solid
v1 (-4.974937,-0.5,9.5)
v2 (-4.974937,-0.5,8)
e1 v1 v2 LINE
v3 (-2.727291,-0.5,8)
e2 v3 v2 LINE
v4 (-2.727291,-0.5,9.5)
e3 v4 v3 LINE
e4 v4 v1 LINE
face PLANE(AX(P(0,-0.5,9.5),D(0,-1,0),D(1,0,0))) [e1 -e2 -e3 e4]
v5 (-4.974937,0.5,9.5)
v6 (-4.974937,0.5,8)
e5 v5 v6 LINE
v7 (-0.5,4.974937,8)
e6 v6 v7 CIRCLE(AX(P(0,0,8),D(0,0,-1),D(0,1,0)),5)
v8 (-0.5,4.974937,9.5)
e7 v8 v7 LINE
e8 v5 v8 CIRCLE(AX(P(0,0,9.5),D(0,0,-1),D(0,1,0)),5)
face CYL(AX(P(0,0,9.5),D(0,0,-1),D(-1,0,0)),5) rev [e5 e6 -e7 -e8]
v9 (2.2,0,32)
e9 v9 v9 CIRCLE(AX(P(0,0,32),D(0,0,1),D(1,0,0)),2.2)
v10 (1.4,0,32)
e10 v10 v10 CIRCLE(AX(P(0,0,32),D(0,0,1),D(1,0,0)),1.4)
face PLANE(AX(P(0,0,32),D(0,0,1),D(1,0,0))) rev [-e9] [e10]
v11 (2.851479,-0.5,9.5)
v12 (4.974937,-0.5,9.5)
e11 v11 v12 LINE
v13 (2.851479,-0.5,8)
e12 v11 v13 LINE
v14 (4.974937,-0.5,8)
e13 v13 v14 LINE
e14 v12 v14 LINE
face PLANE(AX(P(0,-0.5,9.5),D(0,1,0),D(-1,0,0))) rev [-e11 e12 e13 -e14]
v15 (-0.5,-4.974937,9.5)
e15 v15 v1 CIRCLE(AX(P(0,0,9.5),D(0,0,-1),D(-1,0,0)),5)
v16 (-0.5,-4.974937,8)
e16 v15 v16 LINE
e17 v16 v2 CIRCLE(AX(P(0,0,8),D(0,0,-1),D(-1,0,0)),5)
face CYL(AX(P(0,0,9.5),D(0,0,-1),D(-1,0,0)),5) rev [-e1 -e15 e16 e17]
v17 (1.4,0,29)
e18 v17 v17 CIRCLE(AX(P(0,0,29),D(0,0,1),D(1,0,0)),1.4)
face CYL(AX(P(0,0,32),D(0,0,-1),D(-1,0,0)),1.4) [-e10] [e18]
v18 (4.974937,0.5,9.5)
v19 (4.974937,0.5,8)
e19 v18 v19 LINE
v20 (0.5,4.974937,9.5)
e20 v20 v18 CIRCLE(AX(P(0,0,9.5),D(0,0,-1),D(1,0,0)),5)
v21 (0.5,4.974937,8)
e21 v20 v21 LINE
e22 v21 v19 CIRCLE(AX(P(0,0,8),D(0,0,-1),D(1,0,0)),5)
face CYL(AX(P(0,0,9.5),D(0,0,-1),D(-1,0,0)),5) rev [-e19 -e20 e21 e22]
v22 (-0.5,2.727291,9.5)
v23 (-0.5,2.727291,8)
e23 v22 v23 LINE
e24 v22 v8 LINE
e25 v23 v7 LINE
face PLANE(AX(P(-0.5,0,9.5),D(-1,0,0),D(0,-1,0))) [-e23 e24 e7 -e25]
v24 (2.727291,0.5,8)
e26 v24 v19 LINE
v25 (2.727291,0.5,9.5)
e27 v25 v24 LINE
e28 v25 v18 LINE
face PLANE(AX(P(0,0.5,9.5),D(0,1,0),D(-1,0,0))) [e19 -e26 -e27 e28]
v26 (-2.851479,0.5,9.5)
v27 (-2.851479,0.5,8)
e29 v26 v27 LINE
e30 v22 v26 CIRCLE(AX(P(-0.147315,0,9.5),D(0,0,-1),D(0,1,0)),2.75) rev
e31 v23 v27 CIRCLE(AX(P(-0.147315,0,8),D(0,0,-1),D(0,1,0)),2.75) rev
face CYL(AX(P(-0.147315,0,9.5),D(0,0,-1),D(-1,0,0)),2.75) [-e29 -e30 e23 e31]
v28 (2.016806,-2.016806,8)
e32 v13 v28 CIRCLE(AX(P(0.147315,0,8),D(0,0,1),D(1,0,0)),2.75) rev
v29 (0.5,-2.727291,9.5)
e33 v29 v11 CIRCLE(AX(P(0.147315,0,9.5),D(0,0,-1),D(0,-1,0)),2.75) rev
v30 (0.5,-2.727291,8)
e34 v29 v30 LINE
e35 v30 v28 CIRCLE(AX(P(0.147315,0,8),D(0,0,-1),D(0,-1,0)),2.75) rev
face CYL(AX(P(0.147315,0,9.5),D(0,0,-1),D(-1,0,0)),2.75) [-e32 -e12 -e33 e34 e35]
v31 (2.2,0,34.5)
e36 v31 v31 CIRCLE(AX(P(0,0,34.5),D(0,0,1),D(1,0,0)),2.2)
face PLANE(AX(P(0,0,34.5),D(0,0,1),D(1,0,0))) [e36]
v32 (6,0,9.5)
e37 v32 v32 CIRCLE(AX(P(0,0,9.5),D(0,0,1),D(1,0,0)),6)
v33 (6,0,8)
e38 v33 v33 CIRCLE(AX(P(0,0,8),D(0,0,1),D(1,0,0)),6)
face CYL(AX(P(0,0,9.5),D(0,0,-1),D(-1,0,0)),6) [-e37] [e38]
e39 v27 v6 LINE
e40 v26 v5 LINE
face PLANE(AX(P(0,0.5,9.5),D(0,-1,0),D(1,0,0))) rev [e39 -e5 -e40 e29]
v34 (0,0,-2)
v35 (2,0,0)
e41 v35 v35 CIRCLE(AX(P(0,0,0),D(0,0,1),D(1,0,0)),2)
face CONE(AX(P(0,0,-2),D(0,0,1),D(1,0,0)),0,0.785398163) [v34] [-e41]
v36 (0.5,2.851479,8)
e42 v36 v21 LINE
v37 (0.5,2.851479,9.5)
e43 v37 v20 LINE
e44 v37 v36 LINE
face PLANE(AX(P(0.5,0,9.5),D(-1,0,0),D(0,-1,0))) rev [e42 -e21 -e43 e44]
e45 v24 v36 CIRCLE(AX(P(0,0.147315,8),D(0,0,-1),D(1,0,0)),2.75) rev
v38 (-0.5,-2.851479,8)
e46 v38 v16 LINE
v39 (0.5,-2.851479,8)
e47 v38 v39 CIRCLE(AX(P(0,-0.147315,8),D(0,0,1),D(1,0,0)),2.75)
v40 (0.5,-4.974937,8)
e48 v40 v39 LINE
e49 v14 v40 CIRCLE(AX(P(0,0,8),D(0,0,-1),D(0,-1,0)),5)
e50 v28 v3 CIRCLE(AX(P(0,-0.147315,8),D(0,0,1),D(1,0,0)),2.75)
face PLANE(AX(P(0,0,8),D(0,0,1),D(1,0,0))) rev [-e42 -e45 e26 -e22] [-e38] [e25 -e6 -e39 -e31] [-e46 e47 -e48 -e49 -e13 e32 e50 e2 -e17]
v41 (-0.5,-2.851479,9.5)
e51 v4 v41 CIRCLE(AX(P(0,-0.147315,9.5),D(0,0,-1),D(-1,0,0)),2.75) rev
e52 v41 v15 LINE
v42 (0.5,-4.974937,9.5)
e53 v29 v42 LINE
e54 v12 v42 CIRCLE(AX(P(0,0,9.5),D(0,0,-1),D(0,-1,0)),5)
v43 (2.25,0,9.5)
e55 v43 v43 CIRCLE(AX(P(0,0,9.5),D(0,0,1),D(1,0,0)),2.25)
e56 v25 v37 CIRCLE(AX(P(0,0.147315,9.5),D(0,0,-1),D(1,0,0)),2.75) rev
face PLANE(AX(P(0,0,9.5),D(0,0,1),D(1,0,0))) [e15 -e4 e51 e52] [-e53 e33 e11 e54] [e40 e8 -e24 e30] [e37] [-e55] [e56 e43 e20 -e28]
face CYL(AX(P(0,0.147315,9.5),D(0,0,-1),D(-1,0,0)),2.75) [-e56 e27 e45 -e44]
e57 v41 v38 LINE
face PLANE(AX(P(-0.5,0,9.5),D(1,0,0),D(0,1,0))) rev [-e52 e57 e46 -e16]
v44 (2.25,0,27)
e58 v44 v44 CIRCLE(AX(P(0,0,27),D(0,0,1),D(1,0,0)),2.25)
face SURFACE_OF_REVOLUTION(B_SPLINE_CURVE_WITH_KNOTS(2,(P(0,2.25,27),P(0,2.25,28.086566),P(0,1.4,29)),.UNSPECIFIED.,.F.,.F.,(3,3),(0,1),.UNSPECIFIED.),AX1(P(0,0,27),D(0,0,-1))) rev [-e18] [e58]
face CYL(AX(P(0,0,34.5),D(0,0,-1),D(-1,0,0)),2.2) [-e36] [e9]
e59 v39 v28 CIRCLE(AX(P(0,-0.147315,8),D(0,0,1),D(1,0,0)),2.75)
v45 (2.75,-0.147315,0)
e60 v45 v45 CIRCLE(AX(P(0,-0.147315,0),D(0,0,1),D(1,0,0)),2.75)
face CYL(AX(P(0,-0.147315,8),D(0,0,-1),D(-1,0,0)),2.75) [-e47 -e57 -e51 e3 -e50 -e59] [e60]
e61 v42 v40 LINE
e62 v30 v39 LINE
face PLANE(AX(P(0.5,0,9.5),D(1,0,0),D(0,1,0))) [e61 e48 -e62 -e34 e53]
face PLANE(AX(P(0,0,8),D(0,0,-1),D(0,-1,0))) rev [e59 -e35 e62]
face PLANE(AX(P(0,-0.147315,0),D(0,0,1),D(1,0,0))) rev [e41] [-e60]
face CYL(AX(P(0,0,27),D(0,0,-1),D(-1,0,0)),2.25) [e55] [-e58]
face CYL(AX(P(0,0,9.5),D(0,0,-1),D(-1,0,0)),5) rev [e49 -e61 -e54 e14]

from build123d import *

# Parameters (mm, degrees)
SKETCH1_R           = 2.75
BOSS_EXTRUDE1_DEPTH = 8
SKETCH5_R           = 2.25
BOSS_EXTRUDE2_DEPTH = 19
SKETCH6_R           = 6
BOSS_EXTRUDE4_DEPTH = 1.5
CUT_EXTRUDE1_DEPTH  = 1.5
CIRPATTERN1_COUNT   = 4
SKETCH11_R          = 1.4
BOSS_EXTRUDE5_DEPTH = 3
SKETCH12_R          = 2.2
BOSS_EXTRUDE6_DEPTH = 2.5


with BuildPart() as part:
    # Sketch1 → Boss-Extrude1 (new body)
    with BuildSketch(Plane.XY):
        with Locations((0, -0.147315355)):
            Circle(SKETCH1_R)
    extrude(amount=BOSS_EXTRUDE1_DEPTH)

    # Sketch4 → Revolve2 (revolve)
    with BuildSketch(Plane(origin=(0, 0, 0), x_dir=(1, 0, 0), z_dir=(0, 1, 0))):
        Polygon((0, 0), (0, 2), (-2, 0), align=None)
    revolve(axis=Axis((0, 0, 0), (0, 0, -1)))

    # Sketch5 → Boss-Extrude2 (add)
    with BuildSketch(Plane.XY.offset(8)):
        Circle(SKETCH5_R)
    extrude(amount=BOSS_EXTRUDE2_DEPTH)

    # Sketch6 → Boss-Extrude4 (add)
    with BuildSketch(Plane.XY.offset(8)):
        Circle(SKETCH6_R)
    extrude(amount=BOSS_EXTRUDE4_DEPTH)

    # Sketch7 → Cut-Extrude1 (cut)
    with BuildSketch(Plane(origin=(0, 0, 8), x_dir=(-1, 0, 0), z_dir=(0, 0, -1))):
        with BuildLine():
            ThreePointArc((0.5, -4.974937186), (3.535533906, -3.535533906), (4.974937186, -0.5))
            Line((4.974937186, -0.5), (2.727290513, -0.5))
            ThreePointArc((2.727290513, -0.5), (1.996550566, -2.038422395), (0.5, -2.851478812))
            Line((0.5, -2.851478812), (0.5, -4.974937186))
        make_face()
    cut_extrude1 = extrude(amount=-CUT_EXTRUDE1_DEPTH, mode=Mode.SUBTRACT)

    # CirPattern1: Cut-Extrude1 ×4 about axis
    cirpattern1_axis = Axis((0, 0, 8), (0, 0, 1))
    for i in range(1, CIRPATTERN1_COUNT):
        add(cut_extrude1.rotate(cirpattern1_axis, i * 360 / CIRPATTERN1_COUNT), mode=Mode.SUBTRACT)

    # Sketch10 → Revolve3 (revolve)
    with BuildSketch(Plane(origin=(0, 0, 0), x_dir=(0, 0, -1), z_dir=(1, 0, 0))):
        with BuildLine():
            Line((-27, 0), (-29, 0))
            Line((-29, 0), (-29, 1.4))
            add(Edge.make_bspline(
                [(-29, 1.4), (-28.086565691, 2.25), (-27, 2.25)],
                knots=[0, 0, 0, 1, 1, 1], degree=2))
            Line((-27, 2.25), (-27, 0))
        make_face()
    revolve(axis=Axis((0, 0, 27), (0, 0, 1)))

    # Sketch11 → Boss-Extrude5 (add)
    with BuildSketch(Plane.XY.offset(29)):
        Circle(SKETCH11_R)
    extrude(amount=BOSS_EXTRUDE5_DEPTH)

    # Sketch12 → Boss-Extrude6 (add)
    with BuildSketch(Plane.XY.offset(32)):
        Circle(SKETCH12_R)
    extrude(amount=BOSS_EXTRUDE6_DEPTH)


solid = part.part
